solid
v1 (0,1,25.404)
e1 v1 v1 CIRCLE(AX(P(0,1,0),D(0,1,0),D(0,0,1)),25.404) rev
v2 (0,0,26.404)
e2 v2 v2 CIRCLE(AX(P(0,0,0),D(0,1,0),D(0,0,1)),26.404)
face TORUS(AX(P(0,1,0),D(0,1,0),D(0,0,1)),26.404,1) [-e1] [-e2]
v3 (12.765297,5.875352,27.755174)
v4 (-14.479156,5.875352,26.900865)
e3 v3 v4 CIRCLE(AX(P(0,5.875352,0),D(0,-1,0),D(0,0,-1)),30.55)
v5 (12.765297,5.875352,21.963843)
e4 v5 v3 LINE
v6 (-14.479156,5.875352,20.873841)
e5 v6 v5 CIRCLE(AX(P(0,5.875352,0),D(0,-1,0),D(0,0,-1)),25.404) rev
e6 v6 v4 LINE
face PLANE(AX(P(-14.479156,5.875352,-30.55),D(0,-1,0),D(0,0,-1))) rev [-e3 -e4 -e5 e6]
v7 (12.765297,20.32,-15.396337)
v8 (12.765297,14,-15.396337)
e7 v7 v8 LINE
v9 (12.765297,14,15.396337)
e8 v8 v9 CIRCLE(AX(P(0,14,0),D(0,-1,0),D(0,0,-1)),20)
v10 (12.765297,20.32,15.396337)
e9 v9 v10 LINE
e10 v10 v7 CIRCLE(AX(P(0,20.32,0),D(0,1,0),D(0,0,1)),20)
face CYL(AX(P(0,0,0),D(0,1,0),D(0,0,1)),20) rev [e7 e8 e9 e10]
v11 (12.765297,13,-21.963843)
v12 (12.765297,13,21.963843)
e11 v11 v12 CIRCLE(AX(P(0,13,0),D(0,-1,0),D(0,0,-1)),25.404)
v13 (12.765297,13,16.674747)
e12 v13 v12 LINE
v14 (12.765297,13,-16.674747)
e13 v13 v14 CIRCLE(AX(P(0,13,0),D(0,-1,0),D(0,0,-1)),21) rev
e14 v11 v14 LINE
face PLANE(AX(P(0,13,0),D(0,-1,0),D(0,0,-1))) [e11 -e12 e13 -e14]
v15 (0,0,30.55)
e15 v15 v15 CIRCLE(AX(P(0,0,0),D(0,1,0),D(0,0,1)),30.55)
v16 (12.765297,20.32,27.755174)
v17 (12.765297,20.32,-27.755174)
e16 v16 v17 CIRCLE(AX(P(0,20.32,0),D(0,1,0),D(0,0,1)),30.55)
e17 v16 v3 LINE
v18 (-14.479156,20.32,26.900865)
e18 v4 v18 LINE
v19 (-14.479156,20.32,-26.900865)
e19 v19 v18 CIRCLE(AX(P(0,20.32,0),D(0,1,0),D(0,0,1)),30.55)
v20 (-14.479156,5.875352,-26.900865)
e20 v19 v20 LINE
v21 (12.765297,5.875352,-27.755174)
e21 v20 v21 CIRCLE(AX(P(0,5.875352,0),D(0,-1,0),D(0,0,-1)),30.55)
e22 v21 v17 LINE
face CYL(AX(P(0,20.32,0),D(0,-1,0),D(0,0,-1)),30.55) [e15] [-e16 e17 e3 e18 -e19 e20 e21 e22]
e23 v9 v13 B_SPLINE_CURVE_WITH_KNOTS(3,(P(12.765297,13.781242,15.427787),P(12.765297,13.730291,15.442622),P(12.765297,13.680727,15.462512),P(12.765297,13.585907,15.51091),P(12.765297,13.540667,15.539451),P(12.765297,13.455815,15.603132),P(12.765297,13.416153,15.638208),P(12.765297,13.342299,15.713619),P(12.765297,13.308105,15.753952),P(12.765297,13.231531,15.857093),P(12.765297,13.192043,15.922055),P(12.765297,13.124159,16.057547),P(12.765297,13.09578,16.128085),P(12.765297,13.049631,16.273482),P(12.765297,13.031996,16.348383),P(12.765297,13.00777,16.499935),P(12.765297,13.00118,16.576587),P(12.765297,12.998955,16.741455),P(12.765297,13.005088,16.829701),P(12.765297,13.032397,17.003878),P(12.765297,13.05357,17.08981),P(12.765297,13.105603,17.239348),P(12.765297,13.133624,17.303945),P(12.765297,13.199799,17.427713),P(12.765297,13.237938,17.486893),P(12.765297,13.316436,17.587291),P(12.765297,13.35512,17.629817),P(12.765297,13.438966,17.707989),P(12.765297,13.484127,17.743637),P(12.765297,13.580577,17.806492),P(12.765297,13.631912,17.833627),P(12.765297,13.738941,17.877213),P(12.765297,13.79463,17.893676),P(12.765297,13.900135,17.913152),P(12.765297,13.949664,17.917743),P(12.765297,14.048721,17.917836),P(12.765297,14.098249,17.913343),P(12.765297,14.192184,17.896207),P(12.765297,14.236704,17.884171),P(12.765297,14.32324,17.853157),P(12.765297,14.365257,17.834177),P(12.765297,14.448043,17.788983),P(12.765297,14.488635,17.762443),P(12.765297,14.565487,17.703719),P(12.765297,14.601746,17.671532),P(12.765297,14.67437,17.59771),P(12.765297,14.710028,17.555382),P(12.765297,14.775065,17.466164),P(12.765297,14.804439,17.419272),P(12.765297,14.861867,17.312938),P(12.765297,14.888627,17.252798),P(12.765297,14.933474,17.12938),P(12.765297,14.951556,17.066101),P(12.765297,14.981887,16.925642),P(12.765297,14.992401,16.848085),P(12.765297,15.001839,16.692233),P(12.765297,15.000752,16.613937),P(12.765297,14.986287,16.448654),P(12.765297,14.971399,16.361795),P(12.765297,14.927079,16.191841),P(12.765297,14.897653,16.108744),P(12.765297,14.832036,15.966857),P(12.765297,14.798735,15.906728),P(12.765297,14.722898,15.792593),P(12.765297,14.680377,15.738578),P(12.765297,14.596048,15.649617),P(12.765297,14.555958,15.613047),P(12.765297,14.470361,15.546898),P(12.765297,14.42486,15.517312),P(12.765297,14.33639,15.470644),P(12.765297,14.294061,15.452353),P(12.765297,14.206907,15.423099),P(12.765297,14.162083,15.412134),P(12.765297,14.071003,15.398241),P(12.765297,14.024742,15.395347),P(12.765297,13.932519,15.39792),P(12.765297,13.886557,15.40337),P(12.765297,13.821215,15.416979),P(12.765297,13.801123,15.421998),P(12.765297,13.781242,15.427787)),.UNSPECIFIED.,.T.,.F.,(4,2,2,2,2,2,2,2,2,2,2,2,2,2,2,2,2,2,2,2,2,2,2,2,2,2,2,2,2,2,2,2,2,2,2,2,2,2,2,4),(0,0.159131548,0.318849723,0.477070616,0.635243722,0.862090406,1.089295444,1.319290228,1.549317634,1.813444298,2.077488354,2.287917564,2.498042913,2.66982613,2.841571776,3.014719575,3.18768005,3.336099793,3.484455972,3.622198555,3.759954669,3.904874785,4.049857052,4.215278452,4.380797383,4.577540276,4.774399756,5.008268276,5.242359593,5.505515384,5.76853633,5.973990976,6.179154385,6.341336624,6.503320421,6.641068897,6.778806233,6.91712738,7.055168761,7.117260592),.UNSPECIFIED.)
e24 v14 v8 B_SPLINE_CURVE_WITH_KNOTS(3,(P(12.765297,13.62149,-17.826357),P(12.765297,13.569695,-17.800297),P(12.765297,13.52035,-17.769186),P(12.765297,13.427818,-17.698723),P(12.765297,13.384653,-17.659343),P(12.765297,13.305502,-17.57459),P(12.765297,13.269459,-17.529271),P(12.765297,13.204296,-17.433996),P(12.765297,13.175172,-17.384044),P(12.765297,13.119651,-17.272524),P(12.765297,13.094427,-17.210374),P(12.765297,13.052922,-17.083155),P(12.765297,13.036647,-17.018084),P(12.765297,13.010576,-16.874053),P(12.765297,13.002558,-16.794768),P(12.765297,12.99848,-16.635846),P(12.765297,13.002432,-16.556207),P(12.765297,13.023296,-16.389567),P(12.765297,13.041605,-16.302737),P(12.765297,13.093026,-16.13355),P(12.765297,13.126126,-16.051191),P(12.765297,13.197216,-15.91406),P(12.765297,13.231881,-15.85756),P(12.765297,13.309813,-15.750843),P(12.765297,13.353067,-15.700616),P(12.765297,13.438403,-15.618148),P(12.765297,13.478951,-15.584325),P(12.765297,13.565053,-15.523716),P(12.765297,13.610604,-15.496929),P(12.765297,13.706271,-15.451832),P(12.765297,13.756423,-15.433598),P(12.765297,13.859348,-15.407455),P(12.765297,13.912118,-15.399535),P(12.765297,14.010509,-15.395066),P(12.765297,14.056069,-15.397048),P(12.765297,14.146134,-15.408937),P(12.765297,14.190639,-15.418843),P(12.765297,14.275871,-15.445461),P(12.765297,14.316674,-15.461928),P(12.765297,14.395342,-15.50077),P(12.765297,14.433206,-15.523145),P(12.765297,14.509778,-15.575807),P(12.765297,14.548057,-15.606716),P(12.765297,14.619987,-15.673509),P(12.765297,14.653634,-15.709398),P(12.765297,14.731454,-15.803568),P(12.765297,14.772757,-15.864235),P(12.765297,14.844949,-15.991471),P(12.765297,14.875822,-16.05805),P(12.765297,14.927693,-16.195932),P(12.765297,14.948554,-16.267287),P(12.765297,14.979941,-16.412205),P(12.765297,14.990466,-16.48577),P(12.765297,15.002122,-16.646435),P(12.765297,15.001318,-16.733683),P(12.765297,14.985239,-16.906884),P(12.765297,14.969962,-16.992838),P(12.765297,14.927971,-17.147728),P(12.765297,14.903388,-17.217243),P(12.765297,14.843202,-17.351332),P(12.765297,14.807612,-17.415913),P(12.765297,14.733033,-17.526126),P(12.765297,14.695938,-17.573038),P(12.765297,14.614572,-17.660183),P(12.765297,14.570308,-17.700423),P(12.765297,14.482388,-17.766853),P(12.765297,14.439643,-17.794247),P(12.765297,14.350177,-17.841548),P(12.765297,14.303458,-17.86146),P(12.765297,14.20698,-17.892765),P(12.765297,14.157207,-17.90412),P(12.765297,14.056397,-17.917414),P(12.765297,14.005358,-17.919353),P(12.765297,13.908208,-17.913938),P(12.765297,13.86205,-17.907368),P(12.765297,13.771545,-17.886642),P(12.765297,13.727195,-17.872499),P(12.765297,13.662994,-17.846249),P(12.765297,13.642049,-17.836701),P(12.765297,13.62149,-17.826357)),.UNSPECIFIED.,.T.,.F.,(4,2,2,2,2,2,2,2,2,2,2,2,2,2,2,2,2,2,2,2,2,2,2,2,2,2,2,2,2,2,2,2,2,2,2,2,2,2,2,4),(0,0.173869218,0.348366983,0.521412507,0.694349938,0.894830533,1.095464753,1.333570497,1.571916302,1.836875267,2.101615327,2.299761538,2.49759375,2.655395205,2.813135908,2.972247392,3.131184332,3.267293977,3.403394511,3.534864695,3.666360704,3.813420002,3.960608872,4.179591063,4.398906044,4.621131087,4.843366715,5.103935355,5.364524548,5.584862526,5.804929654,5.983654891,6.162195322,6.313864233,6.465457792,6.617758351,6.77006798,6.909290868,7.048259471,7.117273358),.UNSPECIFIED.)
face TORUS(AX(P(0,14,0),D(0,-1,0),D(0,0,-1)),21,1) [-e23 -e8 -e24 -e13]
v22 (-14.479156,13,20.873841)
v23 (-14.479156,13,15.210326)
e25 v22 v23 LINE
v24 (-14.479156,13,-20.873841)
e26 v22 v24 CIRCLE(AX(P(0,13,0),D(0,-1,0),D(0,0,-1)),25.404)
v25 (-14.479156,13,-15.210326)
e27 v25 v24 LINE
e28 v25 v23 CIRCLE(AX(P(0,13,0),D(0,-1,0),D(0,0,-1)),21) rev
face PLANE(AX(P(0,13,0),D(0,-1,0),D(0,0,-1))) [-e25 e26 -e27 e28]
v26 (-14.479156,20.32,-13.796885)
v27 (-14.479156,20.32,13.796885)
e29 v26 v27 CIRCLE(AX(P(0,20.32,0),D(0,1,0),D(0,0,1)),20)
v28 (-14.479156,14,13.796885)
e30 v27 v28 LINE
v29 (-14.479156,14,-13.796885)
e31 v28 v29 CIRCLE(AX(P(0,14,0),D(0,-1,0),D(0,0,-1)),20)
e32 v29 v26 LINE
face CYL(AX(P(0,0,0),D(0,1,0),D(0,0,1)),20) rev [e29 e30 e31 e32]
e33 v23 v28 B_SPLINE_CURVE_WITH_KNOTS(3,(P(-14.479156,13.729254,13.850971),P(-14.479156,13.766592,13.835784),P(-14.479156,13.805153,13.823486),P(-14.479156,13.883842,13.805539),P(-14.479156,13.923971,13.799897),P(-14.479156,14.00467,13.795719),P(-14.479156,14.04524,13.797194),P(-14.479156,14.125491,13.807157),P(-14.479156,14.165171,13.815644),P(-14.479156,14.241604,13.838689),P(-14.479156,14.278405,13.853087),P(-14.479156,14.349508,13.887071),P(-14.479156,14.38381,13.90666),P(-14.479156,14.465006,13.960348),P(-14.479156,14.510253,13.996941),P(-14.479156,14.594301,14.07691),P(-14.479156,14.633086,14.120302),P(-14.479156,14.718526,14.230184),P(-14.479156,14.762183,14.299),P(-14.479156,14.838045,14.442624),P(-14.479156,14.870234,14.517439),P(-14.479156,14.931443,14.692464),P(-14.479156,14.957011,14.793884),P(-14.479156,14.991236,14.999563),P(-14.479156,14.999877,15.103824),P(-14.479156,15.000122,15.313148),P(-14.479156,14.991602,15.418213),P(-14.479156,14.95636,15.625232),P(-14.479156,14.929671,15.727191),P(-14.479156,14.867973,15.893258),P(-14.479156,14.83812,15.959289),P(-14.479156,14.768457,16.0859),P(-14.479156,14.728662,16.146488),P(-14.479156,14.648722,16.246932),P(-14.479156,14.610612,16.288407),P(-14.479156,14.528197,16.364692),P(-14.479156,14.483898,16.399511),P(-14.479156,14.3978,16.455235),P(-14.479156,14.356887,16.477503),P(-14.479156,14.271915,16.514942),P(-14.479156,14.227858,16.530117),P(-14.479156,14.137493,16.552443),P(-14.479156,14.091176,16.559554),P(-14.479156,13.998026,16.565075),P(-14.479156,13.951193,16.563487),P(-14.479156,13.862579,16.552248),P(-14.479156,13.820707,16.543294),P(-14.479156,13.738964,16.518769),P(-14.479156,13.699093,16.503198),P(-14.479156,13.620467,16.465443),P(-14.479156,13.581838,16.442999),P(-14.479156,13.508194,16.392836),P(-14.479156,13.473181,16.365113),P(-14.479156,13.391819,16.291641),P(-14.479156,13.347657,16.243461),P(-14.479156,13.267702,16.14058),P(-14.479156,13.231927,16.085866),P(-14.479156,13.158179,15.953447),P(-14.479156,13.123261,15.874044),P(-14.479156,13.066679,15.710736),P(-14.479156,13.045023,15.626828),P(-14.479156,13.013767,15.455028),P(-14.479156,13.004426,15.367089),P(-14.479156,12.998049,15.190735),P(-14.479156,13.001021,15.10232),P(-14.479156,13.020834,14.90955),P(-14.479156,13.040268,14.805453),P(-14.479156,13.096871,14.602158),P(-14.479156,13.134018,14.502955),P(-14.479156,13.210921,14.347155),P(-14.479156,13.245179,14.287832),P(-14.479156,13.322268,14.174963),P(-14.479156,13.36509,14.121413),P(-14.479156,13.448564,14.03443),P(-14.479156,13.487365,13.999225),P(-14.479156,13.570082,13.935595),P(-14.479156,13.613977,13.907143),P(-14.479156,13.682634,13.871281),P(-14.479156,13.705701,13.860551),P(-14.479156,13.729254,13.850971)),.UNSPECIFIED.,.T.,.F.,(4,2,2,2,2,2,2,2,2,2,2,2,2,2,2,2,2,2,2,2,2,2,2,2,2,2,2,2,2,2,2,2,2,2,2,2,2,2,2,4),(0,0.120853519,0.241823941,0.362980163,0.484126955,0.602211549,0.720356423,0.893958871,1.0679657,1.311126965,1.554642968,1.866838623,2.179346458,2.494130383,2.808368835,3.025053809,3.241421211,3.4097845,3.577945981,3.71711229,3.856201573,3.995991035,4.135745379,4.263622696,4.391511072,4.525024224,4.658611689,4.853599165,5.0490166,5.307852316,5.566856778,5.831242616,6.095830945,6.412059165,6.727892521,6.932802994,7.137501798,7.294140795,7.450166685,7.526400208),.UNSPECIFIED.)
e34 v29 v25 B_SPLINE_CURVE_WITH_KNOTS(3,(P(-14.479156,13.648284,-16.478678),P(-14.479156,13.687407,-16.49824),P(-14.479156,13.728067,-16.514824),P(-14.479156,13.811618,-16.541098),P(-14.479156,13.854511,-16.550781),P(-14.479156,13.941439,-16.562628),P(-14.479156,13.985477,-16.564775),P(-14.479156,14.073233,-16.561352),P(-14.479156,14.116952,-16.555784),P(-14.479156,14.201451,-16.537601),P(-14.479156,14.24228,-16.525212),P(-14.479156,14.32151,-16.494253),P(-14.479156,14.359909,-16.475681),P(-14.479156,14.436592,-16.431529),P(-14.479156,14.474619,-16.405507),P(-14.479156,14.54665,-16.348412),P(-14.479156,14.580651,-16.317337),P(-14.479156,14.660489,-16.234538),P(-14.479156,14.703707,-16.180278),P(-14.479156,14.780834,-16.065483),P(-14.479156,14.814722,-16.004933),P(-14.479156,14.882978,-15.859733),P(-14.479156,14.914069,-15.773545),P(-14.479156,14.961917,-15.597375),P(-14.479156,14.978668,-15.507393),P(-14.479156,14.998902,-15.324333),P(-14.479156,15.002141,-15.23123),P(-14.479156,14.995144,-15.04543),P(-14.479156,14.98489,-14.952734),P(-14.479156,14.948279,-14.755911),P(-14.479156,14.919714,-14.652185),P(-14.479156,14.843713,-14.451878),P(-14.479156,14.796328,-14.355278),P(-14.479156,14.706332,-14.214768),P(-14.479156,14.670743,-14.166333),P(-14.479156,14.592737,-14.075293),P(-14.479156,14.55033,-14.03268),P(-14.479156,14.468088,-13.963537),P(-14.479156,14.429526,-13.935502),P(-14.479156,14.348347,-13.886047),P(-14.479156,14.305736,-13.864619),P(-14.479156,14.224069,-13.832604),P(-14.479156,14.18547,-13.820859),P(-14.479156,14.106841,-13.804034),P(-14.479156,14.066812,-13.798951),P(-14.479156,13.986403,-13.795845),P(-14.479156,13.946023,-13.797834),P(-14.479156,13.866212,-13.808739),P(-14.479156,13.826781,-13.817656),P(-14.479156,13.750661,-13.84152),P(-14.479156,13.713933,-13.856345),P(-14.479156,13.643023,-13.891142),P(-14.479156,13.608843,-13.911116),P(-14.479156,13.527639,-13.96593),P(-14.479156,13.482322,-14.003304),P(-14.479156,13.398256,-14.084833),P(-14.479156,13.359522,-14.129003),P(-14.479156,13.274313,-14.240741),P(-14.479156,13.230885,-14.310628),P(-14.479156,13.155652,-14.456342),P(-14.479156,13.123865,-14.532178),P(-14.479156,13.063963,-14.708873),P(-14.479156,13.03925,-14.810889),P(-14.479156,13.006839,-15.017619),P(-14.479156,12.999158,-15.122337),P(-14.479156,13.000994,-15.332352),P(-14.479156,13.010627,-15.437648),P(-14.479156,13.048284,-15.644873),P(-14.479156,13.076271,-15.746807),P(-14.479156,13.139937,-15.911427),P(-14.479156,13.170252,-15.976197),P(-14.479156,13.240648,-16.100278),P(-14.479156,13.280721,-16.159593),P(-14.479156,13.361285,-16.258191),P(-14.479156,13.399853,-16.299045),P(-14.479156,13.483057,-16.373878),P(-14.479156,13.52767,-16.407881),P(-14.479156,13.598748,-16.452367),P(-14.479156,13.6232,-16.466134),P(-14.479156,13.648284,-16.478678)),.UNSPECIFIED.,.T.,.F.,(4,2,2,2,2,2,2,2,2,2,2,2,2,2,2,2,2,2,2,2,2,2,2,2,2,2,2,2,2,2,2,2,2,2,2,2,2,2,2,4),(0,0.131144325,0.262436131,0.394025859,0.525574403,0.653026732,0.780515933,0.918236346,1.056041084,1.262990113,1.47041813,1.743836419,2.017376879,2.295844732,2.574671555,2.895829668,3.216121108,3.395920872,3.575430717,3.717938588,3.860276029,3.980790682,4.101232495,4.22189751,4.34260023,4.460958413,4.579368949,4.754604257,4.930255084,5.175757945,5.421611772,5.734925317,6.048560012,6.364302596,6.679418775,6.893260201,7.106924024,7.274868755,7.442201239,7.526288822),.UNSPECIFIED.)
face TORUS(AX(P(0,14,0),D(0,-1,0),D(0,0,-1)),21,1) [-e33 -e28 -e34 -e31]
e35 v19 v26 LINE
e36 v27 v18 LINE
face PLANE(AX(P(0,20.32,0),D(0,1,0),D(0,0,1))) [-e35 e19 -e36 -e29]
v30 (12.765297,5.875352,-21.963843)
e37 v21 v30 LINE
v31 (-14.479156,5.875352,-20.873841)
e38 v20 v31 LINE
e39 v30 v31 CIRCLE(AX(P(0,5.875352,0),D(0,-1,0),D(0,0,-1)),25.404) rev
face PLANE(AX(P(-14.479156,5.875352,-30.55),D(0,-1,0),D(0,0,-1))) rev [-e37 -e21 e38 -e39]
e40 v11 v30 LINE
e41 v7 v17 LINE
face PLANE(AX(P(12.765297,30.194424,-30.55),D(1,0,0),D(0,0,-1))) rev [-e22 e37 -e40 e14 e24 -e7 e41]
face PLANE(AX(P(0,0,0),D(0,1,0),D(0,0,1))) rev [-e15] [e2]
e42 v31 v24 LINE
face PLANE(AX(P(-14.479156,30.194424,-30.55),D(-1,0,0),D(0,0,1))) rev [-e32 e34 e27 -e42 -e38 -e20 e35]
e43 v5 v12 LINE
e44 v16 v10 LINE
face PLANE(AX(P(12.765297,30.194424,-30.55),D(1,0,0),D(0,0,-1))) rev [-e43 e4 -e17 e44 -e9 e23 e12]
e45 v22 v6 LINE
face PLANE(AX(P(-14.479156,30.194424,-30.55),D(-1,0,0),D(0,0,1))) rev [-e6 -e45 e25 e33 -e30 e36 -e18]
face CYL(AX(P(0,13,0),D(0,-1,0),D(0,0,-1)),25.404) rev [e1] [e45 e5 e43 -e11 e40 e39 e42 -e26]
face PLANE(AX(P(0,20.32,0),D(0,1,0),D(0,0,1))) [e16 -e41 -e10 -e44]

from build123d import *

# Parameters (mm, degrees)
SKETCH1_R               = 30.55
BOSS_EXTRUDE1_DEPTH     = 20.32
SKETCH2_R               = 25.404
CUT_EXTRUDE1_DEPTH      = 13
SKETCH3_R               = 20
CUT_EXTRUDE2_DEPTH      = 21.32
FILLET1_R               = 1
FILLET2_R               = 1
SKETCH4_W               = 27.244453354
SKETCH4_H               = 24.319072788
CUT_EXTRUDE3_DEPTH      = 31.55
CUT_EXTRUDE3_DEPTH_BACK = 31.55


with BuildPart() as part:
    # Sketch1 → Boss-Extrude1 (new body)
    with BuildSketch(Plane(origin=(0, 0, 0), x_dir=(1, 0, 0), z_dir=(0, 1, 0))):
        Circle(SKETCH1_R)
    extrude(amount=BOSS_EXTRUDE1_DEPTH)

    # Sketch2 → Cut-Extrude1 (cut)
    with BuildSketch(Plane.XZ):
        Circle(SKETCH2_R)
    extrude(amount=-CUT_EXTRUDE1_DEPTH, mode=Mode.SUBTRACT)

    # Sketch3 → Cut-Extrude2 (cut, through all)
    with BuildSketch(Plane(origin=(0, 20.32, 0), x_dir=(1, 0, 0), z_dir=(0, 1, 0))):
        Circle(SKETCH3_R)
    extrude(amount=-CUT_EXTRUDE2_DEPTH, mode=Mode.SUBTRACT)

    # Fillet1
    fillet1_edges = [part.edges().sort_by_distance(p)[0] for p in [
        (-25.404, 0, 0),
    ]]
    fillet(fillet1_edges, radius=FILLET1_R)

    # Fillet2
    fillet2_edges = [part.edges().sort_by_distance(p)[0] for p in [
        (-20, 13, 0),
    ]]
    fillet(fillet2_edges, radius=FILLET2_R)

    # Sketch4 → Cut-Extrude3 (cut, two sides)
    with BuildSketch(Plane.XY) as cut_extrude3_sk:
        with Locations((-0.856929661, 18.03488809)):
            Rectangle(SKETCH4_W, SKETCH4_H)
    extrude(amount=CUT_EXTRUDE3_DEPTH, mode=Mode.SUBTRACT)
    extrude(cut_extrude3_sk.sketch, amount=-CUT_EXTRUDE3_DEPTH_BACK, mode=Mode.SUBTRACT)


solid = part.part
